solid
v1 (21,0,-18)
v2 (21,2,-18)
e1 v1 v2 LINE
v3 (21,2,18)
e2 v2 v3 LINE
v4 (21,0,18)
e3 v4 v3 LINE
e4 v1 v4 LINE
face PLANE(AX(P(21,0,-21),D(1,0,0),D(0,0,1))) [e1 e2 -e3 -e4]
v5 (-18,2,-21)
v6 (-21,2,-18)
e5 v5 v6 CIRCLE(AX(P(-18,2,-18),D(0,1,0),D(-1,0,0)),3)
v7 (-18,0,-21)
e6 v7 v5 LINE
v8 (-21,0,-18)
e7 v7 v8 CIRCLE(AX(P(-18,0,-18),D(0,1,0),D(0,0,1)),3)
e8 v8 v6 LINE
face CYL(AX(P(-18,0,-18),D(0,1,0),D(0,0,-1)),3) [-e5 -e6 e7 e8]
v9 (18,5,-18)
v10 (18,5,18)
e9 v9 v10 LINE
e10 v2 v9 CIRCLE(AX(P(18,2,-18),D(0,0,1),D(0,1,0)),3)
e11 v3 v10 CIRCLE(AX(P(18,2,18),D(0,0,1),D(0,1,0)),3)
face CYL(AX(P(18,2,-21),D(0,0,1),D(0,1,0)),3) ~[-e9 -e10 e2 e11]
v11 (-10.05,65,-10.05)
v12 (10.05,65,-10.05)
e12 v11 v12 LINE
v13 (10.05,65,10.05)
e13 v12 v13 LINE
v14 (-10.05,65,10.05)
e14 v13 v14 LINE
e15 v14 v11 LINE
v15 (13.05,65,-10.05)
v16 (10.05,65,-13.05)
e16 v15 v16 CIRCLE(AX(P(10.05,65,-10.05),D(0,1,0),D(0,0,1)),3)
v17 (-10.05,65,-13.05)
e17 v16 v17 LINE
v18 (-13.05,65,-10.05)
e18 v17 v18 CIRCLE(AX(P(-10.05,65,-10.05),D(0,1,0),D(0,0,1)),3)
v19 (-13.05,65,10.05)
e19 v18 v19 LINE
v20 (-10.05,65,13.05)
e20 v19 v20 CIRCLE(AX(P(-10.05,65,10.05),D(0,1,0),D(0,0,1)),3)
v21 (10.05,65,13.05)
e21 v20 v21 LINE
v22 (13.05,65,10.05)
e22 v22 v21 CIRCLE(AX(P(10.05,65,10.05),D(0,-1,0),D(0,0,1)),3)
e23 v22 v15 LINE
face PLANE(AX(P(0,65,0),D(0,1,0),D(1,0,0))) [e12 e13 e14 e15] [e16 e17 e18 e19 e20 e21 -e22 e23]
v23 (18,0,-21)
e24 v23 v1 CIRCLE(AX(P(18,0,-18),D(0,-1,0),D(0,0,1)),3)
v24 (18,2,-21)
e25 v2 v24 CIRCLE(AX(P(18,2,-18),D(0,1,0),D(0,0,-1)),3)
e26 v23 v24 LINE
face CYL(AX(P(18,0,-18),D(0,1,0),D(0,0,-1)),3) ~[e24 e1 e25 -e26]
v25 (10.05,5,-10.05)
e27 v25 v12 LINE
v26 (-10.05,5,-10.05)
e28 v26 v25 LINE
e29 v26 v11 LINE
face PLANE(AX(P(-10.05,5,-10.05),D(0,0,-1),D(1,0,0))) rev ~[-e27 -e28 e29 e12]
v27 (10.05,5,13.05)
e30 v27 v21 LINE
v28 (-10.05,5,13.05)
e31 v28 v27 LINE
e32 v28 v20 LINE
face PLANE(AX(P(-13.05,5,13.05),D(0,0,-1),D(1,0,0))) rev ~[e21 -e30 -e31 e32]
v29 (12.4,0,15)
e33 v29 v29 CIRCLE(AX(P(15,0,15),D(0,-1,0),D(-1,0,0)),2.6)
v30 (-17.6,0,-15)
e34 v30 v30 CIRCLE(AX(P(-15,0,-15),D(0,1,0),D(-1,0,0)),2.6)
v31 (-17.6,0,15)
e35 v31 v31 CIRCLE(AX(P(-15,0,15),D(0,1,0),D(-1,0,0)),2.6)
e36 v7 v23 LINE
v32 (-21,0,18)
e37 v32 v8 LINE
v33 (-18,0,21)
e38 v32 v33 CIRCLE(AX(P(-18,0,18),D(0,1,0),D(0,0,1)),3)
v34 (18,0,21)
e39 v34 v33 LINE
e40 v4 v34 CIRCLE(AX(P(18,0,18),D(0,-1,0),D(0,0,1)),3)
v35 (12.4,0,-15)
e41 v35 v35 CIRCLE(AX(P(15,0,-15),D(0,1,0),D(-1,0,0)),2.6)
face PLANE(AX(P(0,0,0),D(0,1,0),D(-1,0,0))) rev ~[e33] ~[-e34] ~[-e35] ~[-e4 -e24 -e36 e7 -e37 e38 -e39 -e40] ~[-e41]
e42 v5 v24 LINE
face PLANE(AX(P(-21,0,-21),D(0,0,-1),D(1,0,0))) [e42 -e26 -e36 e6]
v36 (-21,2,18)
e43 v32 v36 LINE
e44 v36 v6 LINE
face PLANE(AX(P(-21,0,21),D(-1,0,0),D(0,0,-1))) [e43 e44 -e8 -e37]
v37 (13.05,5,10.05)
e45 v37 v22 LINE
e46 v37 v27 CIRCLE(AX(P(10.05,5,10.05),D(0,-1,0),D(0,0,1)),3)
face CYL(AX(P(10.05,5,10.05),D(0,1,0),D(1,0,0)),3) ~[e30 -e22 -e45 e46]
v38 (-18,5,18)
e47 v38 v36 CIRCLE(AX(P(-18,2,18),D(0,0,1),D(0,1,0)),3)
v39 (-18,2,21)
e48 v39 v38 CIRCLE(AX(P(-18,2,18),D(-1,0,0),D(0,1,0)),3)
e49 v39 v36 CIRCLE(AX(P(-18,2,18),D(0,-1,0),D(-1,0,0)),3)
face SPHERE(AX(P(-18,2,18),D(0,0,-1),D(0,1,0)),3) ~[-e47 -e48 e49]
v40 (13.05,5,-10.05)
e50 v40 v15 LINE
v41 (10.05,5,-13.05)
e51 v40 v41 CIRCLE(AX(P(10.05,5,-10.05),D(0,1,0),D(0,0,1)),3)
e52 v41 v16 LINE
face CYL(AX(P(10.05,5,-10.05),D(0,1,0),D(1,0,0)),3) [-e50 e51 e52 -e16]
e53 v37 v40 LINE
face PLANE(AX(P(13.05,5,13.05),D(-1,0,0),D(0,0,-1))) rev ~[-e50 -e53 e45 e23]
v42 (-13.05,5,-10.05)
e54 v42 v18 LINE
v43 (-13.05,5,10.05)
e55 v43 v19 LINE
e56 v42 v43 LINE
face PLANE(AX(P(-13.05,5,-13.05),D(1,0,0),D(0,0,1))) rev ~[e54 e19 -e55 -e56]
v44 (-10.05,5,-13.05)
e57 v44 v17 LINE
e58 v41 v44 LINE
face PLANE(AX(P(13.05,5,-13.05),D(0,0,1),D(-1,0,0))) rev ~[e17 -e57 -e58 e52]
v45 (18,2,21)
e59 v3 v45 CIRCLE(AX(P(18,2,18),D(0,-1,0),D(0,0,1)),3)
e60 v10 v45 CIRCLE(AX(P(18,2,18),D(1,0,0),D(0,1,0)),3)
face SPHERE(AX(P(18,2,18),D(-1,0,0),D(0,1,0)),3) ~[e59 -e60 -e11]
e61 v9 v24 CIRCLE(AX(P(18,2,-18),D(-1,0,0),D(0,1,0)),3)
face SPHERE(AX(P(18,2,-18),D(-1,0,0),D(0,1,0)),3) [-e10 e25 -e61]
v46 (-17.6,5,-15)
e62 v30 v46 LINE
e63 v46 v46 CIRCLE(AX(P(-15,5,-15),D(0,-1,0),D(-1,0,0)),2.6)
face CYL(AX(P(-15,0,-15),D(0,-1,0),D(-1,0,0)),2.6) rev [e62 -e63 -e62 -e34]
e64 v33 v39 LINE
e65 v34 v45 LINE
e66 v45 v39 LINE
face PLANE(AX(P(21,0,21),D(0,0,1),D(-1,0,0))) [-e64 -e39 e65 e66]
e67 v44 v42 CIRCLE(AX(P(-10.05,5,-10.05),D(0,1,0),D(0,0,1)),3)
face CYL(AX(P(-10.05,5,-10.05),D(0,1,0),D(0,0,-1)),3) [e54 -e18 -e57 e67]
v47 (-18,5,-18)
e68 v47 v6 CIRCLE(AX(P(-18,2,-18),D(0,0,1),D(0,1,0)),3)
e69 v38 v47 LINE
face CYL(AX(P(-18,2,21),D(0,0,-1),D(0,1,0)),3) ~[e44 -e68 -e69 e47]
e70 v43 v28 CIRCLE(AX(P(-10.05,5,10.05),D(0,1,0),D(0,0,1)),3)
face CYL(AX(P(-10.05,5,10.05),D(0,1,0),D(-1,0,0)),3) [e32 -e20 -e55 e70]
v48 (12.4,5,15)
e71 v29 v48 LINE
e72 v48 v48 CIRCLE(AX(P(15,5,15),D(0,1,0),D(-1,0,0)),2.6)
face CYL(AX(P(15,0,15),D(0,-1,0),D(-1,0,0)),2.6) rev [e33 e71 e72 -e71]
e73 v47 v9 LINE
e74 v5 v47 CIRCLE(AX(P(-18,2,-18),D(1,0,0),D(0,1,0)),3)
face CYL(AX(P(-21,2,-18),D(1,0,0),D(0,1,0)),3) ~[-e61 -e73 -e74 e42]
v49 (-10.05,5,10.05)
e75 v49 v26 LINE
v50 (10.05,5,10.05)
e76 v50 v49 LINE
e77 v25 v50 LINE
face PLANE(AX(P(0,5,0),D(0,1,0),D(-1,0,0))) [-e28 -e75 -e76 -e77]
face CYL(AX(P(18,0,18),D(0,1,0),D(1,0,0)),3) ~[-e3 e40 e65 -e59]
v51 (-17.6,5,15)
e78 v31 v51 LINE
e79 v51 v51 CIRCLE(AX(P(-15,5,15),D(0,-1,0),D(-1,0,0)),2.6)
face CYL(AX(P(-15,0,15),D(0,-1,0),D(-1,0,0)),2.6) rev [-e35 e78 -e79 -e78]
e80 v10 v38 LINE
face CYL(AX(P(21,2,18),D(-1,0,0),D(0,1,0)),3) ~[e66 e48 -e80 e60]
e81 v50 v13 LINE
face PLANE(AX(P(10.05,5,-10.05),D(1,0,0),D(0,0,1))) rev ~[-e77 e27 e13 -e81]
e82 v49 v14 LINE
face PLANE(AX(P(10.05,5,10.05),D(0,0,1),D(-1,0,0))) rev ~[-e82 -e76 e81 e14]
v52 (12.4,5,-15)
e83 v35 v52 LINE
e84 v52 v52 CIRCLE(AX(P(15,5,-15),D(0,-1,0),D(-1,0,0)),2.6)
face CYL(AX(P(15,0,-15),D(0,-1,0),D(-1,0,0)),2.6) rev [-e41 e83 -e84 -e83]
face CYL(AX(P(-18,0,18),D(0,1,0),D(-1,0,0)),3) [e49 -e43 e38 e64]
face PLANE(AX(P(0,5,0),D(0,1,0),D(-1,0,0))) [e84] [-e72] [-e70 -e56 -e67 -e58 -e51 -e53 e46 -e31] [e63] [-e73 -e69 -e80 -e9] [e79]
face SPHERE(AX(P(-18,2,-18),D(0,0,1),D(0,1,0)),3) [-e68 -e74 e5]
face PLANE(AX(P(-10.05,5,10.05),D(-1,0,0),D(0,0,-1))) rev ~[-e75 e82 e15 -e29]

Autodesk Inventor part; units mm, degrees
ref_plane "YZ Plane" through (0, 0, 0) normal (1, 0, 0) x (0, 1, 0)
ref_plane "XZ Plane" through (0, 0, 0) normal (0, 1, 0) x (-1, 0, 0)
ref_plane "XY Plane" through (0, 0, 0) normal (0, 0, 1) x (1, 0, 0)
sketch "스케치2" plane through (0, 0, 0) normal (0, 1, 0) x (-1, 0, 0)
  line L0 (15, 15) -> (-15, 15)
  line L1 (-15, 15) -> (-15, -15)
  line L2 (-15, -15) -> (15, -15)
  line L3 (15, -15) -> (15, 15)
  line L4 (15, 15) -> (-15, -15) construction
  line L5 (-15, 15) -> (15, -15) construction
  circle A0 centre (15, -15) radius 2.6
  circle A1 centre (-15, -15) radius 2.6
  circle A2 centre (15, 15) radius 2.6
  circle A3 centre (-15, 15) radius 2.6
  line L6 (21, -21) -> (-21, -21)
  line L7 (-21, -21) -> (-21, 21)
  line L8 (-21, 21) -> (21, 21)
  line L9 (21, 21) -> (21, -21)
  line L10 (10.05, 10.05) -> (-10.05, 10.05)
  line L11 (-10.05, 10.05) -> (-10.05, -10.05)
  line L12 (-10.05, -10.05) -> (10.05, -10.05)
  line L13 (10.05, -10.05) -> (10.05, 10.05)
  line L14 (10.05, 10.05) -> (-10.05, -10.05) construction
  line L15 (-10.05, 10.05) -> (10.05, -10.05) construction
  line L16 (-15.05, -15.05) -> (-15.05, 15.05)
  line L17 (-15.05, 15.05) -> (15.05, 15.05)
  line L18 (15.05, 15.05) -> (15.05, -15.05)
  line L19 (15.05, -15.05) -> (-15.05, -15.05)
  point P0 (0, 0)
  dimension "d16" = 30
  dimension "d17" = 30
  dimension "d18" = 5.2
  dimension "d21" = 30
  dimension "d24" = 30
  dimension "d27" = 6
  dimension "d28" = 20.1
  dimension "d29" = 20.1
  dimension "d30" = 5
extrude "돌출2" add sketch "스케치2" along normal blind 5 contours A3 L17 A2 L0 | L0 A2 L3 A0 L2 A1 L1 A3 | L1 A1 L16 A3 | A2 L18 A0 L3 | L2 A0 L19 A1 | L6 L7 L8 L9 | L13 L12 L11 L10
sketch "스케치3" plane through (0, 5, 0) normal (0, 1, 0) x (1, 0, 0)
  line L0 (-10.05, 10.05) -> (10.05, 10.05)
  line L1 (10.05, 10.05) -> (10.05, -10.05)
  line L2 (10.05, -10.05) -> (-10.05, -10.05)
  line L3 (-10.05, -10.05) -> (-10.05, 10.05)
  line L4 (-10.05, 10.05) -> (10.05, -10.05) construction
  line L5 (10.05, 10.05) -> (-10.05, -10.05) construction
  line L6 (13.05, 13.05) -> (-13.05, 13.05)
  line L7 (-13.05, 13.05) -> (-13.05, -13.05)
  line L8 (-13.05, -13.05) -> (13.05, -13.05)
  line L9 (13.05, -13.05) -> (13.05, 13.05)
  point P0 (0, 0)
  dimension "d33" = 20.1
  dimension "d34" = 20.1
  dimension "d35" = 3
extrude "돌출3" add sketch "스케치3" along normal blind 60
fillet "모깎기1" radius 3 12 edges at (-21, 5, 0) (0, 5, -21) (0, 5, 21) (21, 5, 0) (-21, 2.5, -21) (-21, 2.5, 21) (21, 2.5, 21) (21, 2.5, -21) (-13.05, 35, 13.05) (13.05, 35, 13.05) (13.05, 35, -13.05) (-13.05, 35, -13.05)
properties part number "Profile_Plate_Holder"
